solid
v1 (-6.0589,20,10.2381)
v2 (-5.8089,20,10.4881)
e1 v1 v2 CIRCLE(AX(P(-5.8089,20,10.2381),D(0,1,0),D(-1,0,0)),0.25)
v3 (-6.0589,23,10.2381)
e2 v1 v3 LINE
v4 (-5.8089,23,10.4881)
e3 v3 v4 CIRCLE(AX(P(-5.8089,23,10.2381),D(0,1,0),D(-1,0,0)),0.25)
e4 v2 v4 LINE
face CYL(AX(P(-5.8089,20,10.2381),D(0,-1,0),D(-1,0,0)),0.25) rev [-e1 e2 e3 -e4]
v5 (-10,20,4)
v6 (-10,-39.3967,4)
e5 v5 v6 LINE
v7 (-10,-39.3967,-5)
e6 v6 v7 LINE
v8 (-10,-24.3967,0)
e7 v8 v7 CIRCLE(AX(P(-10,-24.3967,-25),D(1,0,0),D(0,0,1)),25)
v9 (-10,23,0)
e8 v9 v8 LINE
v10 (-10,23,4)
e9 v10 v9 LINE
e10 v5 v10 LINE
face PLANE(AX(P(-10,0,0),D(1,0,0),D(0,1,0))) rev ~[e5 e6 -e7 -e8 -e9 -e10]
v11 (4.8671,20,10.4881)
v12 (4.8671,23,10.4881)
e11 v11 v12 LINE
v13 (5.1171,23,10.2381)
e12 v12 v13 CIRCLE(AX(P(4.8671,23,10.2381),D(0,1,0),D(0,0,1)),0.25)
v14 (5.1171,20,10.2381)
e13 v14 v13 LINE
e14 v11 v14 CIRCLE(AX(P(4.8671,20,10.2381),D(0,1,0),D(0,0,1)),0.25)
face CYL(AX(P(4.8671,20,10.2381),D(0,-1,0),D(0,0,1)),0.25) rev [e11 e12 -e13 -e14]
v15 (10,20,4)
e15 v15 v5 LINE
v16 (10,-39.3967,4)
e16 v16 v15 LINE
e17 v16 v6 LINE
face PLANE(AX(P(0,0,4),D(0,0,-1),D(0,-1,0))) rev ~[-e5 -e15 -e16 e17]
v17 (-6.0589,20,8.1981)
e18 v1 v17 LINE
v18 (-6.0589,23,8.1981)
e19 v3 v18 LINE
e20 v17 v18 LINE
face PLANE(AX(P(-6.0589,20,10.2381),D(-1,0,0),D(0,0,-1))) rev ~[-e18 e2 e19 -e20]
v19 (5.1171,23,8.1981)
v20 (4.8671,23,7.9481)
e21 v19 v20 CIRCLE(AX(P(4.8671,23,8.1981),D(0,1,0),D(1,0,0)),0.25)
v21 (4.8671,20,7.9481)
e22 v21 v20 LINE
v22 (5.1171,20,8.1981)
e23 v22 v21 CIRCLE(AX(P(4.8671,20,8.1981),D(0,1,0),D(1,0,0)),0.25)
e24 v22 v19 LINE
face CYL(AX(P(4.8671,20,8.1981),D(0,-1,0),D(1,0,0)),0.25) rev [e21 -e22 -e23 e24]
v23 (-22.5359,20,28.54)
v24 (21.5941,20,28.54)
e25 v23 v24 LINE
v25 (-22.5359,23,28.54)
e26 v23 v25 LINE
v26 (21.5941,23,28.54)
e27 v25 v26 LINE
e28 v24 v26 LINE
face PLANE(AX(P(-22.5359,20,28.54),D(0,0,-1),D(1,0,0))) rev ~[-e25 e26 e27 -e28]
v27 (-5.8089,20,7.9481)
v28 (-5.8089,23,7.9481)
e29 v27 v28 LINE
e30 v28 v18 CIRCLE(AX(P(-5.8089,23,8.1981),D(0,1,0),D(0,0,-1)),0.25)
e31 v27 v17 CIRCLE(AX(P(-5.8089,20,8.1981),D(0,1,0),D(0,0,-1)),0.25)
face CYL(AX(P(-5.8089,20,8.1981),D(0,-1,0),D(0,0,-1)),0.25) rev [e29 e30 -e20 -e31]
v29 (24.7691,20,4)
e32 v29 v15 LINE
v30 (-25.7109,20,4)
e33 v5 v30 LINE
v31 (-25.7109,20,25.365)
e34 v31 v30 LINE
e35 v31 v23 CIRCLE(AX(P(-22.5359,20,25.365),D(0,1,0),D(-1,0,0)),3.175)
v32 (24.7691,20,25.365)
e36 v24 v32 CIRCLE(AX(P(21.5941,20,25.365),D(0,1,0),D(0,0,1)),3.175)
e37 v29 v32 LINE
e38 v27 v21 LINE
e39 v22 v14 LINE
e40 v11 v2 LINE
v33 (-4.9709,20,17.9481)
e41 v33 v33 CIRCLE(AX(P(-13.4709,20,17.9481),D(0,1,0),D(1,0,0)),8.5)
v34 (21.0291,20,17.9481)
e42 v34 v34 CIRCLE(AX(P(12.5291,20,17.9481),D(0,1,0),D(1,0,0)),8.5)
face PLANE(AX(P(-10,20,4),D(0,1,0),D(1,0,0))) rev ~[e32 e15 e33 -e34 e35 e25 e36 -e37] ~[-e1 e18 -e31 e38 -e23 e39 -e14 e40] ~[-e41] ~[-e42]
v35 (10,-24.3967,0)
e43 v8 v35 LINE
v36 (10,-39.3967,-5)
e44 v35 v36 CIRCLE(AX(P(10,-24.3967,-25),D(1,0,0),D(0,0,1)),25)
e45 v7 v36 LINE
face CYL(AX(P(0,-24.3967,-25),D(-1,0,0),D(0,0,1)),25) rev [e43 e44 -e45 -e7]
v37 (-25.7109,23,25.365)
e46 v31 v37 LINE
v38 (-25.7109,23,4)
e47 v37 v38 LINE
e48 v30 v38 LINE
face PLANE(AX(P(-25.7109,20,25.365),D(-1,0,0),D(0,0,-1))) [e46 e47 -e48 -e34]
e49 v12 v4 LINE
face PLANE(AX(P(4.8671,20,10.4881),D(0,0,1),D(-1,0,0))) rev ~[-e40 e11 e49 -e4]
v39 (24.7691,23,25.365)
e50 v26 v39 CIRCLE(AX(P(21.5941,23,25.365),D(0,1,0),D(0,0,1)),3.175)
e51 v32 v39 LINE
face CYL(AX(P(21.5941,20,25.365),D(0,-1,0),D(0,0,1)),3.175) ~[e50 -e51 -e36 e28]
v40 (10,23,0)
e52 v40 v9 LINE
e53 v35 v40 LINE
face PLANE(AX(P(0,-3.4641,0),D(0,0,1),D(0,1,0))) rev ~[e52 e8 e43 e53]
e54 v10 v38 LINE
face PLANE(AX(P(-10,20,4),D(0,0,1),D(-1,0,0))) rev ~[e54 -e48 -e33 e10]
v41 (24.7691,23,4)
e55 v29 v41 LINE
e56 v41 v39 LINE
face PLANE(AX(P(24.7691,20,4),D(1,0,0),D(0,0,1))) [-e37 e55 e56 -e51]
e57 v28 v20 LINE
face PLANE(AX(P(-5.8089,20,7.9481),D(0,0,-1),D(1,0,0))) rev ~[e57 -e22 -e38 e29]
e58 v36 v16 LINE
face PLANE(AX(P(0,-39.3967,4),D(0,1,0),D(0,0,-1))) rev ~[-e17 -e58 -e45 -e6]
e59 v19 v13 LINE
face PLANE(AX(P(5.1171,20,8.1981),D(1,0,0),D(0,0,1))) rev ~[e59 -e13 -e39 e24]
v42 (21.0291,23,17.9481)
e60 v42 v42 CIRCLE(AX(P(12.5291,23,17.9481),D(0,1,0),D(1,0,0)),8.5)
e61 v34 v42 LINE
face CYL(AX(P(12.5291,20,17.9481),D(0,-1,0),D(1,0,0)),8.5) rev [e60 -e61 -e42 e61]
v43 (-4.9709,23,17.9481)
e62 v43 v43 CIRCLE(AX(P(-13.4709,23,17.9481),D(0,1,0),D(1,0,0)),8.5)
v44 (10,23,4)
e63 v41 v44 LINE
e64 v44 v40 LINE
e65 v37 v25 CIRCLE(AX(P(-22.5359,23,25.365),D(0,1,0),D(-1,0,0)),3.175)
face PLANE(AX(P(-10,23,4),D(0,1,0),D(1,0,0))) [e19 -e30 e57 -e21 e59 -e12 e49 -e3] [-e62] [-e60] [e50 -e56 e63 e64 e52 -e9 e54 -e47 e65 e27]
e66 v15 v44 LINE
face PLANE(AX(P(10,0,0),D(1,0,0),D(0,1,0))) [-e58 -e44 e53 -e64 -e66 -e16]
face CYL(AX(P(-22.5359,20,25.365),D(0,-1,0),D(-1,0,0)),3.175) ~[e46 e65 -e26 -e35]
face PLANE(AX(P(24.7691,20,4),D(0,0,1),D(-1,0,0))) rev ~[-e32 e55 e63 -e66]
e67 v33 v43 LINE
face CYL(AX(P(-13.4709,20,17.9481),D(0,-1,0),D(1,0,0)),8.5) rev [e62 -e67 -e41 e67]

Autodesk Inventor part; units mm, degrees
ref_plane "YZ Plane" through (0, 0, 0) normal (1, 0, 0) x (0, 1, 0)
ref_plane "XZ Plane" through (0, 0, 0) normal (0, 1, 0) x (-1, 0, 0)
ref_plane "XY Plane" through (0, 0, 0) normal (0, 0, 1) x (1, 0, 0)
sketch "Sketch1" plane through (0, 0, 0) normal (1, 0, 0) x (0, 1, 0)
  arc A0 (-24.3967, 0) -> (-49.3967, -25) centre (-24.3967, -25) ccw projected
  line L0 (-10.5765, 0) -> (-24.3967, 0) projected
  line L1 (-10.5765, 0) -> (63.7352, 0) projected
  line L2 (-24.3967, 0) -> (-39.3967, 0)
  line L3 (-39.3967, 0) -> (-39.3967, -5)
  line L4 (-39.3967, 0) -> (-3.4641, 0)
  line L5 (0, 4) -> (-39.3967, 4)
  line L6 (-39.3967, 4) -> (-39.3967, 0)
  line L7 (0, 4) -> (20, 4)
  line L8 (20, 4) -> (20, 0)
  line L9 (-3.4641, 0) -> (20, 0)
  point P0 (0, 0)
  dimension "d0" = 15
  dimension "d8" = 20
  dimension "d12" = 4
extrude "Extrusion1" add sketch "Sketch1" along normal mid plane 20
sketch "Sketch4" plane through (-10, 20, 4) normal (0, 1, 0) x (1, 0, 0)
  line L0 (4.1911, -3.9481) -> (14.8671, -3.9481)
  line L1 (14.8671, -6.4881) -> (4.1911, -6.4881)
  line L2 (0, 0) -> (20, 0)
  line L3 (-12.5359, -24.54) -> (31.5941, -24.54)
  line L4 (34.7691, 0) -> (-15.7109, 0)
  line L5 (-15.7109, 0) -> (34.7691, 0)
  line L6 (3.9411, -6.2381) -> (3.9411, -4.1981)
  arc A0 (3.9411, -6.2381) -> (4.1911, -6.4881) centre (4.1911, -6.2381) ccw
  arc A1 (4.1911, -3.9481) -> (3.9411, -4.1981) centre (4.1911, -4.1981) ccw
  line L7 (0, 4) -> (0, 0)
  circle A2 centre (-3.4709, -13.9481) radius 8.5
  arc A3 (-15.7109, -21.365) -> (-12.5359, -24.54) centre (-12.5359, -21.365) ccw
  line L8 (-15.7109, -21.365) -> (-15.7109, 0)
  arc A4 (31.5941, -24.54) -> (34.7691, -21.365) centre (31.5941, -21.365) ccw
  line L9 (34.7691, 0) -> (34.7691, -21.365)
  line L10 (20, 0) -> (20, 4)
  line L11 (20, 4) -> (20, 2)
  arc A5 (14.8671, -6.4881) -> (15.1171, -6.2381) centre (14.8671, -6.2381) ccw
  arc A6 (15.1171, -4.1981) -> (14.8671, -3.9481) centre (14.8671, -4.1981) ccw
  circle A7 centre (22.5291, -13.9481) radius 8.5
  line L12 (15.1171, -4.1981) -> (15.1171, -6.2381)
  line L13 (0, 2) -> (0, 0)
  line L14 (0, 0) -> (20, 0)
  line L15 (20, 0) -> (20, 2)
  line L16 (0, 0) -> (20, 0) projected
  line L17 (20, 4) -> (20, 0) projected
  line L18 (20, 4) -> (0, 4) projected
  line L19 (0, 0) -> (0, 4) projected
  point P0 (10, 4)
  point P1 (10, 2)
  point P2 (10, 4)
  point P3 (10, 0)
  point P4 (10, 0)
  point P5 (24.7691, -1.4081)
  point P6 (10, 4)
  dimension "d9" = 4
extrude "Extrusion3" add sketch "Sketch4" along normal blind 3
properties part number "SensorMount"
